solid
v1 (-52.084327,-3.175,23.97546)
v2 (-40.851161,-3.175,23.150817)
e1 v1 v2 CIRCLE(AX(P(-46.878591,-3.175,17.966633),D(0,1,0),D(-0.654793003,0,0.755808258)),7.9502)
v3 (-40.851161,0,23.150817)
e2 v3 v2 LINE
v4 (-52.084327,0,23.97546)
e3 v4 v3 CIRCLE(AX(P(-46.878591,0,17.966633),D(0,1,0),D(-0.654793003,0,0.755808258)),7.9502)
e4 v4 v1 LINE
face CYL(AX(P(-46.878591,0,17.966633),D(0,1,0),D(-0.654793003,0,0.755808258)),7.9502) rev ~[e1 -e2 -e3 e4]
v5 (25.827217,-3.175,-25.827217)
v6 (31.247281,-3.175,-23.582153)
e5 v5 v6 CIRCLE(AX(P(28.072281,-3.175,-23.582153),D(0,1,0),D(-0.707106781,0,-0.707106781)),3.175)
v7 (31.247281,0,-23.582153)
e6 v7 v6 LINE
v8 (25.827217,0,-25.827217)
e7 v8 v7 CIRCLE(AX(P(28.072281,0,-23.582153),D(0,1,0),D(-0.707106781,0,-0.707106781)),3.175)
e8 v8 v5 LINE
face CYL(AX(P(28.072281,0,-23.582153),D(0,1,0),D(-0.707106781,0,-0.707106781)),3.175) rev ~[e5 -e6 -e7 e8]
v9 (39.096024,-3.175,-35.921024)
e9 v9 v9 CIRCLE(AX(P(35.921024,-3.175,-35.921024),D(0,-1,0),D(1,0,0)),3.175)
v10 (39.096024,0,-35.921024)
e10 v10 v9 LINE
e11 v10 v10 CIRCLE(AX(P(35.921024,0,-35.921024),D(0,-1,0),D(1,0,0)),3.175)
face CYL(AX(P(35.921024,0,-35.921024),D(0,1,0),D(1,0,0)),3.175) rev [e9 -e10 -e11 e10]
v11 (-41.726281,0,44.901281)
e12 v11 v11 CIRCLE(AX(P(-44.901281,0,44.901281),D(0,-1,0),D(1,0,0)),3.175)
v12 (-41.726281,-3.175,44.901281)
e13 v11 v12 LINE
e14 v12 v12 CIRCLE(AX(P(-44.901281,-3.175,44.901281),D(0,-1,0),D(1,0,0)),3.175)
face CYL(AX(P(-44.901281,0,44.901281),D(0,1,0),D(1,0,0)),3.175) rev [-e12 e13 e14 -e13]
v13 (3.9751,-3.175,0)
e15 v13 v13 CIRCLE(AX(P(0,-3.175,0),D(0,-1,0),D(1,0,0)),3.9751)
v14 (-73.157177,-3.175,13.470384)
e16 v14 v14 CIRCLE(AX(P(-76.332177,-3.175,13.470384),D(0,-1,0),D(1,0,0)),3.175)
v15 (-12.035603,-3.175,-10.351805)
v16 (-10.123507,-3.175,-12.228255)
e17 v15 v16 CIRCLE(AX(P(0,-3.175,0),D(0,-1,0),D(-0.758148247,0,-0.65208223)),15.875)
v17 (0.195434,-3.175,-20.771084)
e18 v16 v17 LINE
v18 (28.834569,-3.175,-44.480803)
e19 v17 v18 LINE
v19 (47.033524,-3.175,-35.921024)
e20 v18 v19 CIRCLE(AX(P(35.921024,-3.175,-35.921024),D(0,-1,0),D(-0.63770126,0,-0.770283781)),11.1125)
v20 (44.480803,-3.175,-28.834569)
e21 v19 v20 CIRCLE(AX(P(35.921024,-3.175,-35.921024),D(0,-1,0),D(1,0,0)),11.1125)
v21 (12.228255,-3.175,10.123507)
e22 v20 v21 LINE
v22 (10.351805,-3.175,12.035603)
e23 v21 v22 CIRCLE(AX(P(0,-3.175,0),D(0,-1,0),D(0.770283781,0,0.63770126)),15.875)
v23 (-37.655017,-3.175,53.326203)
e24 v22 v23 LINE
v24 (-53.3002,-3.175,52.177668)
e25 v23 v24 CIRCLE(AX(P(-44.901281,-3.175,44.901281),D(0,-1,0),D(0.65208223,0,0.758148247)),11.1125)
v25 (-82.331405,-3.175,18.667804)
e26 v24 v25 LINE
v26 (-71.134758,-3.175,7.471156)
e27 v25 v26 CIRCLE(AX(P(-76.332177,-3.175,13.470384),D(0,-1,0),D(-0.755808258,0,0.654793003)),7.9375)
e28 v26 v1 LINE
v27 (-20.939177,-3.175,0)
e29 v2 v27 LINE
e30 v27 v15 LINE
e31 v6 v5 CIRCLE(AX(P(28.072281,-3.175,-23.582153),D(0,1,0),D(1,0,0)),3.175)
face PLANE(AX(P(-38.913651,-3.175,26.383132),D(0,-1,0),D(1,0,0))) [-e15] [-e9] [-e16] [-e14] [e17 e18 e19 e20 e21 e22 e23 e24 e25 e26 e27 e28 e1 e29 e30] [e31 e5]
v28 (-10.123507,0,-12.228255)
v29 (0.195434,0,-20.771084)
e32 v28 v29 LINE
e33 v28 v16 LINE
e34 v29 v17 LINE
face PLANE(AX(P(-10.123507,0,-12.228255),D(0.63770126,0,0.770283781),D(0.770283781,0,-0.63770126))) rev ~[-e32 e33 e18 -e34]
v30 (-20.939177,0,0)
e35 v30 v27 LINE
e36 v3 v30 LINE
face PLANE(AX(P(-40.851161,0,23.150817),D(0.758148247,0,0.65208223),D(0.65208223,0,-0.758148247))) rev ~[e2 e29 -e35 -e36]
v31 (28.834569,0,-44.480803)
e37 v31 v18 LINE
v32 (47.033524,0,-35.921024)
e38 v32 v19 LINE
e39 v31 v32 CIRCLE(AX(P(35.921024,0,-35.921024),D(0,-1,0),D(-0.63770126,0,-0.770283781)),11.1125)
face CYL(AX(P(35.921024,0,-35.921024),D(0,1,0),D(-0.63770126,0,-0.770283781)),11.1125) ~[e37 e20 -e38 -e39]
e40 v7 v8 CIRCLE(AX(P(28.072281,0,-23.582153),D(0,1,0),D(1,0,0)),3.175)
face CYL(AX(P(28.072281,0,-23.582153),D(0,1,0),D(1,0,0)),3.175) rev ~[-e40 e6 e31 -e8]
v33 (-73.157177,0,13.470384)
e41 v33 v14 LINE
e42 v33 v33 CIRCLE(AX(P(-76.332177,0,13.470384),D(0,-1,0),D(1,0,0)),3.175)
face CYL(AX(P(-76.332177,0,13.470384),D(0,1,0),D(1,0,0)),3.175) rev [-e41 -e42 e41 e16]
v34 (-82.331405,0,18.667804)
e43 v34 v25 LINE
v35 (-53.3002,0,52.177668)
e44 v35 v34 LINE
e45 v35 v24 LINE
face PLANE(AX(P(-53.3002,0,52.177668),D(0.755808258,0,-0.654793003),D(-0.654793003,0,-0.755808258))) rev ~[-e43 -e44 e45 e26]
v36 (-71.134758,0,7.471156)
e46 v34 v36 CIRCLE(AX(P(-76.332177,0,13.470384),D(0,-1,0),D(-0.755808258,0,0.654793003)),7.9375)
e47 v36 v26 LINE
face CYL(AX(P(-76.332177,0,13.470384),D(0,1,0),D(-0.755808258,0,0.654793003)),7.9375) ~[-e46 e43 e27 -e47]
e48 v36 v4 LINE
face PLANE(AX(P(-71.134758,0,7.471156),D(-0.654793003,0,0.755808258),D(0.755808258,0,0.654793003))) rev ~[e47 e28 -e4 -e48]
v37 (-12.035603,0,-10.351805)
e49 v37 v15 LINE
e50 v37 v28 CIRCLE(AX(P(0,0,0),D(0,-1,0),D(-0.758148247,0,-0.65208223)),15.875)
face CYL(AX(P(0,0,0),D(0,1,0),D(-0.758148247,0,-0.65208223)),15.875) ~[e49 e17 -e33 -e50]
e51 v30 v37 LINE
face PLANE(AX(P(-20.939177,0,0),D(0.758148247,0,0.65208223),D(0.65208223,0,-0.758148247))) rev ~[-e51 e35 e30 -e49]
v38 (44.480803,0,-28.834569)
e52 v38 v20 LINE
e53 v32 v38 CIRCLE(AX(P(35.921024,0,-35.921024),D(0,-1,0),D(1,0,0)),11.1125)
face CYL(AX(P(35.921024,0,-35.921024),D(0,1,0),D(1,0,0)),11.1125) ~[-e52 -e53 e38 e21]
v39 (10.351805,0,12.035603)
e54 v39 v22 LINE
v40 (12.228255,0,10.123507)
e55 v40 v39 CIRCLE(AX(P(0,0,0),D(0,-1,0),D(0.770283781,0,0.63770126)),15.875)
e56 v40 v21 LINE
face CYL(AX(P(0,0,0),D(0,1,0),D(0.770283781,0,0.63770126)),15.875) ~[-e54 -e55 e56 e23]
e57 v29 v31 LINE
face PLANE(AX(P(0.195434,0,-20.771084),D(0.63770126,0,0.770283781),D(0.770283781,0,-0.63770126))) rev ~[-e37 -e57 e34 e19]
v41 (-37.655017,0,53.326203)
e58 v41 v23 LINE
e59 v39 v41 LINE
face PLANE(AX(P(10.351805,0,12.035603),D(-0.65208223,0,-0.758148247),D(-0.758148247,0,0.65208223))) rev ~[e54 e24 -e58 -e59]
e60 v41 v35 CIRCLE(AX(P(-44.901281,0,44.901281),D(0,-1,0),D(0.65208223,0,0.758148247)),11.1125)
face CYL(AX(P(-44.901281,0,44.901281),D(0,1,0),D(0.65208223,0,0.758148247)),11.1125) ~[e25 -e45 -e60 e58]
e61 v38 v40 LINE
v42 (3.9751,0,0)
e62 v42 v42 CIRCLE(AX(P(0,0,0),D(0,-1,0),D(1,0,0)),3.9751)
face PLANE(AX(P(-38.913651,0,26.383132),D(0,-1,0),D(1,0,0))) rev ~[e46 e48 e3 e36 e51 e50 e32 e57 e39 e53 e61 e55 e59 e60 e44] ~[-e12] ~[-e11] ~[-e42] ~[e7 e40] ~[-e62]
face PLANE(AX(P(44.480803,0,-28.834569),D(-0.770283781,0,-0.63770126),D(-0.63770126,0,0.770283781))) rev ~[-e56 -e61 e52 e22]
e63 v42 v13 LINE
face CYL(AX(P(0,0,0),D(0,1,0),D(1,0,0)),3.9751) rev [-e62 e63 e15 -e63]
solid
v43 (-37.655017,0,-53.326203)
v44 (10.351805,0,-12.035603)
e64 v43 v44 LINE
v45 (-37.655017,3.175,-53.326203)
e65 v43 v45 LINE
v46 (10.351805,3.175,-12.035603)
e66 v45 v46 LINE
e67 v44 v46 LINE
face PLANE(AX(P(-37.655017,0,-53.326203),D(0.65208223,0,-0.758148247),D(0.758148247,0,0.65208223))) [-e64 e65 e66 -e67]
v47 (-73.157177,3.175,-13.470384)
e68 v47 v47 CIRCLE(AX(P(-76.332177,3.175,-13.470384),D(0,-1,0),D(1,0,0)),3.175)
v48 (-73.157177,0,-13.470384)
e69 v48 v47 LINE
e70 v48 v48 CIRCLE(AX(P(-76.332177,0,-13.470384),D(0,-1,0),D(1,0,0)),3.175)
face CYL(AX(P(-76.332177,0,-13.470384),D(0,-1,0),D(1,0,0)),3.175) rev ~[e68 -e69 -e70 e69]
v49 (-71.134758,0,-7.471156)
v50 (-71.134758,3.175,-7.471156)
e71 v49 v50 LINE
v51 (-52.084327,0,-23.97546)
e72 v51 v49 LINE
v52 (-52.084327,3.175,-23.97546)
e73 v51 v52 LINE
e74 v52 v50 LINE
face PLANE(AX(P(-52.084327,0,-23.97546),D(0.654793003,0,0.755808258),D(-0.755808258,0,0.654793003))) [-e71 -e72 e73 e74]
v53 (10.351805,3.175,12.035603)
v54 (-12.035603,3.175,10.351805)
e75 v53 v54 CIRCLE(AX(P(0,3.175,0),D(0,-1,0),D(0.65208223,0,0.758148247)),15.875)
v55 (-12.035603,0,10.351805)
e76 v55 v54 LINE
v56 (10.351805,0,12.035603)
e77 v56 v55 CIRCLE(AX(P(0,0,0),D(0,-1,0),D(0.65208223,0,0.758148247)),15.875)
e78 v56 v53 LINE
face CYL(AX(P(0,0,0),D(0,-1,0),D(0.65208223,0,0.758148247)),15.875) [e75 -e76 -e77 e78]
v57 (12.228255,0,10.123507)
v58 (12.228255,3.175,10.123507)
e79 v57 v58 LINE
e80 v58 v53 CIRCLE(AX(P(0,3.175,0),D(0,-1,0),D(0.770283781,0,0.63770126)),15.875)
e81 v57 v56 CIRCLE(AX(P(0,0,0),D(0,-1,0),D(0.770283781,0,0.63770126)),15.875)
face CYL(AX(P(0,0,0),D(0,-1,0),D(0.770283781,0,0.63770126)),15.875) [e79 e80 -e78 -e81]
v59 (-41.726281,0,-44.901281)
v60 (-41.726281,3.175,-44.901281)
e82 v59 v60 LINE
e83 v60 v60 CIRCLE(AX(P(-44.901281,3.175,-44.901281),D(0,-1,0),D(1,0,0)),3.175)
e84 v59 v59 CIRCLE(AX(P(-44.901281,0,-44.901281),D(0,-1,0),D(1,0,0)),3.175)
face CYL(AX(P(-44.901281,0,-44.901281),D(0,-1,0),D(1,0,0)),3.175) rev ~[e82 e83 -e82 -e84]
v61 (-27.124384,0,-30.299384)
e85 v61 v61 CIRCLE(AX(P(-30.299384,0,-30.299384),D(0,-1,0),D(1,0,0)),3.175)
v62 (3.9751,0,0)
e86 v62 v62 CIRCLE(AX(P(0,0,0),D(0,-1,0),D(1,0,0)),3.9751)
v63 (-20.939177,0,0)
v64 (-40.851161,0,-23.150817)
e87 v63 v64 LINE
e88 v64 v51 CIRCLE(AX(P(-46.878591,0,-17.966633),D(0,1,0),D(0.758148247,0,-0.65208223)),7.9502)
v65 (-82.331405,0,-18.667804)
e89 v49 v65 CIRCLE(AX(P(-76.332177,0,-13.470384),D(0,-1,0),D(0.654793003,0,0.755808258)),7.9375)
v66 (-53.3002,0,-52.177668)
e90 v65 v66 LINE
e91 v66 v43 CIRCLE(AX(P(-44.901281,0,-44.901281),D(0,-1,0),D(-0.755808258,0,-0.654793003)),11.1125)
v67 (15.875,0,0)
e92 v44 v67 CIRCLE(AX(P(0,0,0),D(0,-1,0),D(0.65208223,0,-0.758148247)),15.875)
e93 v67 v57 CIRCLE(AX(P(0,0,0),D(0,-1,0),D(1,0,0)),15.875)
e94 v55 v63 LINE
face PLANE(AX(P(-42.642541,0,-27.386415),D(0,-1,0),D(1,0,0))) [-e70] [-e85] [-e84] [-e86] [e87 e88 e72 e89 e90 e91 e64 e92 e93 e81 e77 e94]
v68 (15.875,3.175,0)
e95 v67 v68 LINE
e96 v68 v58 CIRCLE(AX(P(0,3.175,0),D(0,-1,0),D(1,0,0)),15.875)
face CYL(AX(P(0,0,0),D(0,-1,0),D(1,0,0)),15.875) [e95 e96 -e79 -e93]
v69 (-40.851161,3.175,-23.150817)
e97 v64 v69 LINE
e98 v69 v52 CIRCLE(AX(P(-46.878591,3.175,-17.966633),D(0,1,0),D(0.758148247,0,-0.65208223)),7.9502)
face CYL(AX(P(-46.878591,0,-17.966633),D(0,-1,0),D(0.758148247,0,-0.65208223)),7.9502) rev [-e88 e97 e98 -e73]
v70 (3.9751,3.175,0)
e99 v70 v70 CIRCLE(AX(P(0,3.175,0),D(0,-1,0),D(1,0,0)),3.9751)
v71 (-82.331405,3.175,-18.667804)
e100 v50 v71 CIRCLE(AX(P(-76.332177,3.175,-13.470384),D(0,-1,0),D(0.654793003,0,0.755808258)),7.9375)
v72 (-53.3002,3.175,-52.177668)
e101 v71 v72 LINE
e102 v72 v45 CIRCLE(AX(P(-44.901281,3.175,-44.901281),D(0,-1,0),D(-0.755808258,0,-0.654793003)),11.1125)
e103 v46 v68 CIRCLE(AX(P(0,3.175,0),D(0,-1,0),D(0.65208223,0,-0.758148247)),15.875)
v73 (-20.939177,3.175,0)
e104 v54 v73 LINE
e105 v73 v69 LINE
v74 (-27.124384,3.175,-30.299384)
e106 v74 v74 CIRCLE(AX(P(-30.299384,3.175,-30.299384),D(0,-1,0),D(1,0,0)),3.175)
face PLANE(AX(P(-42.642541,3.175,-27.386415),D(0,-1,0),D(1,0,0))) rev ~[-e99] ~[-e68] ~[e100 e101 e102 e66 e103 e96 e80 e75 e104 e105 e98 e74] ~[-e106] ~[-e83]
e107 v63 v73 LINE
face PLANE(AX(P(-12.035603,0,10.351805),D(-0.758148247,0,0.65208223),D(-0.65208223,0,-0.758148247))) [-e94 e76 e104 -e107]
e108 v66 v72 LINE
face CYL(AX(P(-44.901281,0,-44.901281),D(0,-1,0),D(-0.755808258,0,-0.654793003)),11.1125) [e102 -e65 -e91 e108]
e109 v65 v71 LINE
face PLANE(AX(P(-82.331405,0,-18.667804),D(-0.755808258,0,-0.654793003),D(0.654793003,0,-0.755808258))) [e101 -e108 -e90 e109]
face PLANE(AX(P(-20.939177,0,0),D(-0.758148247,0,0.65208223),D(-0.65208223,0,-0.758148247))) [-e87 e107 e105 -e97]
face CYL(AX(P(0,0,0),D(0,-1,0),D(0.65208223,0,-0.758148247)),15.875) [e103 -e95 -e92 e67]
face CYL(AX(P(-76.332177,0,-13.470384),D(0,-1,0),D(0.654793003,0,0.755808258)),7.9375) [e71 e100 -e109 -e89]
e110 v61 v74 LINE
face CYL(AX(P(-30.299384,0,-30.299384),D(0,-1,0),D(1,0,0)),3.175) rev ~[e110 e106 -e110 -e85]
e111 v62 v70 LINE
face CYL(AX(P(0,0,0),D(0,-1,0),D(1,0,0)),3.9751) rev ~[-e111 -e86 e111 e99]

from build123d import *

# Parameters (mm, degrees)
F0_R     = 3.175
F0_R_2   = 3.9751
F1_DEPTH = 3.175
F2_DEPTH = 3.175


with BuildPart() as f1:
    # F0 (on Front) → F1 (new body)
    with BuildSketch(Plane.XZ):
        with BuildLine():
            ThreePointArc((-12.0356034274, 10.3518054047), (-1.190625, 15.8302885984), (10.3518054047, 12.0356034274))
            Line((10.3518054047, 12.0356034274), (-37.655016822, 53.3262030046))
            ThreePointArc((-37.655016822, 53.3262030046), (-34.8014845049, 49.5361241819), (-33.7887806053, 44.9012806053))
            ThreePointArc((-33.7887806053, 44.9012806053), (-48.7842347585, 34.4892527868), (-53.300199871, 52.1776678558))
            Line((-53.300199871, 52.1776678558), (-82.331405076, 18.6678036462))
            ThreePointArc((-82.331405076, 18.6678036462), (-73.5586383483, 20.9075469092), (-68.3946770291, 13.4703841816))
            ThreePointArc((-68.3946770291, 13.4703841816), (-69.1121208226, 10.1727039932), (-71.1347575644, 7.4711561347))
            Line((-71.1347575644, 7.4711561347), (-52.0843267669, 23.9754595323))
            ThreePointArc((-52.0843267669, 23.9754595323), (-46.2965222838, 25.8954961667), (-40.8511612346, 23.1508168672))
            Line((-40.8511612346, 23.1508168672), (-20.9391765456, 0))
            Line((-20.9391765456, 0), (-12.0356034274, 10.3518054047))
        make_face()
        with BuildLine():
            ThreePointArc((12.2282550252, 10.1235074968), (14.9355142785, 5.3801522504), (15.875, 0))
            ThreePointArc((15.875, 0), (14.4282801435, -6.6212051093), (10.3518054047, -12.0356034274))
            Line((10.3518054047, -12.0356034274), (0.1954344954, -20.7710836138))
            Line((0.1954344954, -20.7710836138), (28.8345692365, -44.4808030019))
            ThreePointArc((28.8345692365, -44.4808030019), (28.0633003783, -28.0633003783), (44.4808030019, -28.8345692365))
            Line((44.4808030019, -28.8345692365), (12.2282550252, 10.1235074968))
        make_face()
        with BuildLine():
            ThreePointArc((25.8272166042, -25.8272166042), (26.8572607367, -20.6488350582), (31.2472806345, -23.5821525739))
            ThreePointArc((31.2472806345, -23.5821525739), (29.2873005322, -26.5154700897), (25.8272166042, -25.8272166042))
        make_face(mode=Mode.SUBTRACT)
        with BuildLine():
            ThreePointArc((-12.0356034274, -10.3518054047), (-15.875, 0), (-12.0356034274, 10.3518054047))
            Line((-12.0356034274, 10.3518054047), (-20.9391765456, 0))
            Line((-20.9391765456, 0), (-12.0356034274, -10.3518054047))
        make_face()
        with BuildLine():
            Line((0.1954344954, -20.7710836138), (10.3518054047, -12.0356034274))
            ThreePointArc((10.3518054047, -12.0356034274), (0.1493607821, -15.87429735), (-10.1235074968, -12.2282550252))
            Line((-10.1235074968, -12.2282550252), (0.1954344954, -20.7710836138))
        make_face()
        with BuildLine():
            ThreePointArc((-33.7887806053, 44.9012806053), (-34.8014845049, 49.5361241819), (-37.655016822, 53.3262030046))
            ThreePointArc((-37.655016822, 53.3262030046), (-45.7148756595, 55.9839571475), (-53.300199871, 52.1776678558))
            ThreePointArc((-53.300199871, 52.1776678558), (-48.7842347585, 34.4892527868), (-33.7887806053, 44.9012806053))
        make_face()
        with Locations((-44.9012806053, 44.9012806053)):
            Circle(F0_R, mode=Mode.SUBTRACT)
        with BuildLine():
            ThreePointArc((-68.3946770291, 13.4703841816), (-73.5586383483, 20.9075469092), (-82.331405076, 18.6678036462))
            ThreePointArc((-82.331405076, 18.6678036462), (-81.9448371048, 7.8577241059), (-71.1347575644, 7.4711561347))
            ThreePointArc((-71.1347575644, 7.4711561347), (-69.1121208226, 10.1727039932), (-68.3946770291, 13.4703841816))
        make_face()
        with Locations((-76.3321770291, 13.4703841816)):
            Circle(F0_R, mode=Mode.SUBTRACT)
        with BuildLine():
            ThreePointArc((10.3518054047, -12.0356034274), (14.4282801435, -6.6212051093), (15.875, 0))
            ThreePointArc((15.875, 0), (14.9355142785, 5.3801522504), (12.2282550252, 10.1235074968))
            ThreePointArc((12.2282550252, 10.1235074968), (11.3304373246, 11.1192092809), (10.3518054047, 12.0356034274))
            ThreePointArc((10.3518054047, 12.0356034274), (-1.190625, 15.8302885984), (-12.0356034274, 10.3518054047))
            ThreePointArc((-12.0356034274, 10.3518054047), (-15.875, 0), (-12.0356034274, -10.3518054047))
            ThreePointArc((-12.0356034274, -10.3518054047), (-11.1192092809, -11.3304373246), (-10.1235074968, -12.2282550252))
            ThreePointArc((-10.1235074968, -12.2282550252), (0.1493607821, -15.87429735), (10.3518054047, -12.0356034274))
        make_face()
        Circle(F0_R_2, mode=Mode.SUBTRACT)
        with BuildLine():
            ThreePointArc((47.0335244843, -35.9210244843), (46.3758844792, -32.154917909), (44.4808030019, -28.8345692365))
            ThreePointArc((44.4808030019, -28.8345692365), (28.0633003783, -28.0633003783), (28.8345692365, -44.4808030019))
            ThreePointArc((28.8345692365, -44.4808030019), (40.650687385, -45.9767663811), (47.0335244843, -35.9210244843))
        make_face()
        with Locations((35.9210244843, -35.9210244843)):
            Circle(F0_R, mode=Mode.SUBTRACT)
    extrude(amount=F1_DEPTH)


with BuildPart() as f2:
    # F0 (on Front) → F2 (new body)
    with BuildSketch(Plane.XZ):
        with BuildLine():
            Line((0.1954344954, -20.7710836138), (-10.1235074968, -12.2282550252))
            ThreePointArc((-10.1235074968, -12.2282550252), (-11.1192092809, -11.3304373246), (-12.0356034274, -10.3518054047))
            Line((-12.0356034274, -10.3518054047), (-20.9391765456, 0))
            Line((-20.9391765456, 0), (-40.8511612346, -23.1508168672))
            ThreePointArc((-40.8511612346, -23.1508168672), (-46.2965222838, -25.8954961667), (-52.0843267669, -23.9754595323))
            Line((-52.0843267669, -23.9754595323), (-71.1347575644, -7.4711561347))
            ThreePointArc((-71.1347575644, -7.4711561347), (-69.1121208226, -10.1727039932), (-68.3946770291, -13.4703841816))
            ThreePointArc((-68.3946770291, -13.4703841816), (-73.5586383483, -20.9075469092), (-82.331405076, -18.6678036462))
            Line((-82.331405076, -18.6678036462), (-53.300199871, -52.1776678558))
            ThreePointArc((-53.300199871, -52.1776678558), (-48.7842347585, -34.4892527868), (-33.7887806053, -44.9012806053))
            ThreePointArc((-33.7887806053, -44.9012806053), (-34.8014845049, -49.5361241819), (-37.655016822, -53.3262030046))
            Line((-37.655016822, -53.3262030046), (0.1954344954, -20.7710836138))
        make_face()
        with Locations((-30.2993841525, -30.2993841525)):
            Circle(F0_R, mode=Mode.SUBTRACT)
        with BuildLine():
            ThreePointArc((-53.300199871, -52.1776678558), (-45.7148756595, -55.9839571475), (-37.655016822, -53.3262030046))
            ThreePointArc((-37.655016822, -53.3262030046), (-34.8014845049, -49.5361241819), (-33.7887806053, -44.9012806053))
            ThreePointArc((-33.7887806053, -44.9012806053), (-48.7842347585, -34.4892527868), (-53.300199871, -52.1776678558))
        make_face()
        with Locations((-44.9012806053, -44.9012806053)):
            Circle(F0_R, mode=Mode.SUBTRACT)
        with BuildLine():
            ThreePointArc((-71.1347575644, -7.4711561347), (-81.9448371048, -7.8577241059), (-82.331405076, -18.6678036462))
            ThreePointArc((-82.331405076, -18.6678036462), (-73.5586383483, -20.9075469092), (-68.3946770291, -13.4703841816))
            ThreePointArc((-68.3946770291, -13.4703841816), (-69.1121208226, -10.1727039932), (-71.1347575644, -7.4711561347))
        make_face()
        with Locations((-76.3321770291, -13.4703841816)):
            Circle(F0_R, mode=Mode.SUBTRACT)
        with BuildLine():
            ThreePointArc((10.3518054047, -12.0356034274), (14.4282801435, -6.6212051093), (15.875, 0))
            ThreePointArc((15.875, 0), (14.9355142785, 5.3801522504), (12.2282550252, 10.1235074968))
            ThreePointArc((12.2282550252, 10.1235074968), (11.3304373246, 11.1192092809), (10.3518054047, 12.0356034274))
            ThreePointArc((10.3518054047, 12.0356034274), (-1.190625, 15.8302885984), (-12.0356034274, 10.3518054047))
            ThreePointArc((-12.0356034274, 10.3518054047), (-15.875, 0), (-12.0356034274, -10.3518054047))
            ThreePointArc((-12.0356034274, -10.3518054047), (-11.1192092809, -11.3304373246), (-10.1235074968, -12.2282550252))
            ThreePointArc((-10.1235074968, -12.2282550252), (0.1493607821, -15.87429735), (10.3518054047, -12.0356034274))
        make_face()
        Circle(F0_R_2, mode=Mode.SUBTRACT)
        with BuildLine():
            ThreePointArc((-12.0356034274, -10.3518054047), (-15.875, 0), (-12.0356034274, 10.3518054047))
            Line((-12.0356034274, 10.3518054047), (-20.9391765456, 0))
            Line((-20.9391765456, 0), (-12.0356034274, -10.3518054047))
        make_face()
        with BuildLine():
            Line((0.1954344954, -20.7710836138), (10.3518054047, -12.0356034274))
            ThreePointArc((10.3518054047, -12.0356034274), (0.1493607821, -15.87429735), (-10.1235074968, -12.2282550252))
            Line((-10.1235074968, -12.2282550252), (0.1954344954, -20.7710836138))
        make_face()
    extrude(amount=-F2_DEPTH)


solid = Compound([f1.part, f2.part])
